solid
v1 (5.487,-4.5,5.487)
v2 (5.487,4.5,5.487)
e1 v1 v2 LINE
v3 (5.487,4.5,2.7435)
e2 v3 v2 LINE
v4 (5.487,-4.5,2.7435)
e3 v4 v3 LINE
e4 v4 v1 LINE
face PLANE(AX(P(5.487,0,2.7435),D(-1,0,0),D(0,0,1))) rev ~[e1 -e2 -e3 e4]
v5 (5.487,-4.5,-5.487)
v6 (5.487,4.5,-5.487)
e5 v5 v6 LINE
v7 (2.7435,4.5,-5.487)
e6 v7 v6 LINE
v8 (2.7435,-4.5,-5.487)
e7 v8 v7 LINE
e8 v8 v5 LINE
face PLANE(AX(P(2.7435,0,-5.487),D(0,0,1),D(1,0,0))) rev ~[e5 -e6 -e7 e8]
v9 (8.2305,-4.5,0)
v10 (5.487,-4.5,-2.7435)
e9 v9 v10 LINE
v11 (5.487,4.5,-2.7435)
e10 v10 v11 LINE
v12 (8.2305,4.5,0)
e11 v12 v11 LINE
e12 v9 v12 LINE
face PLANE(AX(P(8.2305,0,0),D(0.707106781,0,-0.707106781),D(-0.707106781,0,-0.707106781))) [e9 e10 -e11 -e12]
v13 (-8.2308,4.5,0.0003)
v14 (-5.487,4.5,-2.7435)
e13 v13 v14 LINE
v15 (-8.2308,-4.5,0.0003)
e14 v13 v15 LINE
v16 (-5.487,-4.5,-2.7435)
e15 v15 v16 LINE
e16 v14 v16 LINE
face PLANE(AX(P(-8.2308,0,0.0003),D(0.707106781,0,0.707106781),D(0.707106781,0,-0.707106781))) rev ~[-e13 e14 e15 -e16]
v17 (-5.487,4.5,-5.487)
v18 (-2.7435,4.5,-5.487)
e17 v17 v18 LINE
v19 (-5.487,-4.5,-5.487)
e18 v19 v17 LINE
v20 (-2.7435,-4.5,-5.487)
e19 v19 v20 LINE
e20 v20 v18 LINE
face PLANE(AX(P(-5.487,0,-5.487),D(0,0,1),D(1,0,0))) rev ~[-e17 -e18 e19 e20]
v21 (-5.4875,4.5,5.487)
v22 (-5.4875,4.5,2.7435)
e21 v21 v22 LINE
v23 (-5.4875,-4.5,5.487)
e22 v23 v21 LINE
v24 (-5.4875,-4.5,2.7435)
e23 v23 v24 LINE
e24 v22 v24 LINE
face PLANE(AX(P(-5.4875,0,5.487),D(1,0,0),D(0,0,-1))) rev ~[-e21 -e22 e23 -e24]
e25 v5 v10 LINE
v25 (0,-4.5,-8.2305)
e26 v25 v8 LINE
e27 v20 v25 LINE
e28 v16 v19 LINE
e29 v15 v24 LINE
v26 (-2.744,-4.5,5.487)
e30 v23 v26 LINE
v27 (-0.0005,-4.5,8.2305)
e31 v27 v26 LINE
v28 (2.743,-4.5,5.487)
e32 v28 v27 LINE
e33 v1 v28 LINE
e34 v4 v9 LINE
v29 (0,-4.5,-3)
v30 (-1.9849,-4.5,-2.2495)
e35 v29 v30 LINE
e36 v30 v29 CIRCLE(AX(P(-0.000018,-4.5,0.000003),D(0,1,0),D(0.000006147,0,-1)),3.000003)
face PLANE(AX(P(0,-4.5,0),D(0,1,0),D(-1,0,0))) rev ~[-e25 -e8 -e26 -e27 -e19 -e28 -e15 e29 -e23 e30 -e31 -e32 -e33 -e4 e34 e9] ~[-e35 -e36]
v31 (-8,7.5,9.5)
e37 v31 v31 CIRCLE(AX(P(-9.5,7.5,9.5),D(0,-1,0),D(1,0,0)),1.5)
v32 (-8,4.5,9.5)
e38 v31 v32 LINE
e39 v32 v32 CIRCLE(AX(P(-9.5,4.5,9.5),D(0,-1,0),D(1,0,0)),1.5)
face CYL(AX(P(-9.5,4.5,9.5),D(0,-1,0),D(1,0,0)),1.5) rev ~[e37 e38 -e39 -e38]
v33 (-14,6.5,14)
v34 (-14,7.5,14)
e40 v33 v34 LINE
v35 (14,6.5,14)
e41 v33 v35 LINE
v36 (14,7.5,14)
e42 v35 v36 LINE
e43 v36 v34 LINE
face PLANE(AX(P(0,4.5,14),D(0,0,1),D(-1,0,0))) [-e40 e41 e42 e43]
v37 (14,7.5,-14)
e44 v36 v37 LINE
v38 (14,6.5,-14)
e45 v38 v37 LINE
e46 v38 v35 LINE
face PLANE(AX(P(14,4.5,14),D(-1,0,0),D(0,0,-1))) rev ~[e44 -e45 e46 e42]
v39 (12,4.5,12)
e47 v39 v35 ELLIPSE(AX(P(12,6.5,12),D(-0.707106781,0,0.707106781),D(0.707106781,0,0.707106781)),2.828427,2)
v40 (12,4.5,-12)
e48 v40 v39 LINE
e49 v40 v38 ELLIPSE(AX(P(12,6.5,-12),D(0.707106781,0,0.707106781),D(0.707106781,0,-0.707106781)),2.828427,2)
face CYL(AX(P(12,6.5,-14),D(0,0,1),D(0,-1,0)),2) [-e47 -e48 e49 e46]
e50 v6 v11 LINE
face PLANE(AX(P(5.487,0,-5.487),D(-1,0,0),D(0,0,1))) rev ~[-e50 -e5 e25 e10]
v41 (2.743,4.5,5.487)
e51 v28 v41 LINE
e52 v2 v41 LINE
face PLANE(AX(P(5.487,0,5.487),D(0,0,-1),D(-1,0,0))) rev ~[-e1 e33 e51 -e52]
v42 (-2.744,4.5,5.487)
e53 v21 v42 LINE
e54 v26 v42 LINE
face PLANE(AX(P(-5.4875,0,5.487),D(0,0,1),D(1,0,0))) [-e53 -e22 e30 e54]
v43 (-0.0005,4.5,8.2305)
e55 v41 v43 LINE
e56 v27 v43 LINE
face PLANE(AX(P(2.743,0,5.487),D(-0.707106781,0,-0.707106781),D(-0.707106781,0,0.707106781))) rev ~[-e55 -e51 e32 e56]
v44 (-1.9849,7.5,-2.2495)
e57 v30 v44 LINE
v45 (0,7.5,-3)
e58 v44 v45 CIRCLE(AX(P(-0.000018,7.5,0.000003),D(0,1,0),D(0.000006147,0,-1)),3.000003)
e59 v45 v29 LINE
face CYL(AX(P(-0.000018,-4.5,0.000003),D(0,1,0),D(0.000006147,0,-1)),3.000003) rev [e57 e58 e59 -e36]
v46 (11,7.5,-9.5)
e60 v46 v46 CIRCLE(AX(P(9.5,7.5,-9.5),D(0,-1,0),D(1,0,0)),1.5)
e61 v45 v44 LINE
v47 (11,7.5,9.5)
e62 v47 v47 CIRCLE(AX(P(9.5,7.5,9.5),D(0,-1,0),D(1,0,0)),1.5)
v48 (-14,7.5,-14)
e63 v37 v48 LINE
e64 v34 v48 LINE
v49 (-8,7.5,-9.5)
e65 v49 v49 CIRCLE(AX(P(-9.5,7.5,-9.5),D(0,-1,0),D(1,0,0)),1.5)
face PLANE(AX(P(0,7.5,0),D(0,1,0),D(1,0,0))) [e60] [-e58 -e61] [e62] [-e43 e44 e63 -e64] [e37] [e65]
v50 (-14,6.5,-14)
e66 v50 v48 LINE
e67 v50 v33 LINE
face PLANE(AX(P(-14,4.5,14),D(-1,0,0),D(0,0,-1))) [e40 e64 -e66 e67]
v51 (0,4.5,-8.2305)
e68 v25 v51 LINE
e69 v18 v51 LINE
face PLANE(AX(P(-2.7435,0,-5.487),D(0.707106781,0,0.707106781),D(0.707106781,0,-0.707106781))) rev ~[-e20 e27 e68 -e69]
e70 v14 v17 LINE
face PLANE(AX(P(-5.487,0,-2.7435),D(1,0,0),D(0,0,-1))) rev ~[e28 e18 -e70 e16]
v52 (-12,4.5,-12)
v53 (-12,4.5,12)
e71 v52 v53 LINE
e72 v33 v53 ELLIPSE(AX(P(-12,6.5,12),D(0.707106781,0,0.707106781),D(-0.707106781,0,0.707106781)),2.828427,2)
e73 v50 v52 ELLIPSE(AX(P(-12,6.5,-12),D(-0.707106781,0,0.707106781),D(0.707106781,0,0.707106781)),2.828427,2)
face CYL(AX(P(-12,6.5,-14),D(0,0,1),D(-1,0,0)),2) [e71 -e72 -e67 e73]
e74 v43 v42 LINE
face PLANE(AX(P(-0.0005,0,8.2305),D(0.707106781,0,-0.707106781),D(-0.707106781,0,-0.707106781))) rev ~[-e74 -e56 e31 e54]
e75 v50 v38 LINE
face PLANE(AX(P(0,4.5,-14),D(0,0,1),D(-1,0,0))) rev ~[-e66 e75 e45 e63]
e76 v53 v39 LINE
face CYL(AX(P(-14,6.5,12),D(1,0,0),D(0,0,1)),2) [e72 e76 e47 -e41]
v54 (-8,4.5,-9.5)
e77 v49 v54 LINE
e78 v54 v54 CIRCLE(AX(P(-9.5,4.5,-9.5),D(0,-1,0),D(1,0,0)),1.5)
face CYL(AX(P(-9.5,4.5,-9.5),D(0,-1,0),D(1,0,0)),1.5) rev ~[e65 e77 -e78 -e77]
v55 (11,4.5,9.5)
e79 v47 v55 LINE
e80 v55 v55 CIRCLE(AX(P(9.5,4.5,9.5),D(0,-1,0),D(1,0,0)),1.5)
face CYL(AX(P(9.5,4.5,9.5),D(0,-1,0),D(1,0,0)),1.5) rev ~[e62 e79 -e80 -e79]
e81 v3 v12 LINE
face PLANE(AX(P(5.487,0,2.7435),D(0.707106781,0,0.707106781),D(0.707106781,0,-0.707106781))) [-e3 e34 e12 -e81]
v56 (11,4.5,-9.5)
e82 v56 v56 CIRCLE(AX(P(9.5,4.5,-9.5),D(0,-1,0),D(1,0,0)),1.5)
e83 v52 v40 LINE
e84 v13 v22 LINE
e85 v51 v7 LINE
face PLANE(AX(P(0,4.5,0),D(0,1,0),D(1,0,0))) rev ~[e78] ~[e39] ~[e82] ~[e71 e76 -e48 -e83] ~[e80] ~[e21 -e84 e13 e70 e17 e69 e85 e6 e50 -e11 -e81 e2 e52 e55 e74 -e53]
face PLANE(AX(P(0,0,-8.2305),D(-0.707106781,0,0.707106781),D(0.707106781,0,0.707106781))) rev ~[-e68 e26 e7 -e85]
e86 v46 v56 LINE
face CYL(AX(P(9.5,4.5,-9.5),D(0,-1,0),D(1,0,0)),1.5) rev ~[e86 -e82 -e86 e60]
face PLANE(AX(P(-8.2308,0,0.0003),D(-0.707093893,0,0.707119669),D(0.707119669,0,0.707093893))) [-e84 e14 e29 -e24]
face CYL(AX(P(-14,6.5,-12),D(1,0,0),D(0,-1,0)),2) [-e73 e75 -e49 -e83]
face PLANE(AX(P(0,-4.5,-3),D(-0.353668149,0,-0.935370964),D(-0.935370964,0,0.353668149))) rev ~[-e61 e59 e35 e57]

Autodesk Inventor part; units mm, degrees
ref_plane "YZ Plane" through (0, 0, 0) normal (1, 0, 0) x (0, 1, 0)
ref_plane "XZ Plane" through (0, 0, 0) normal (0, 1, 0) x (-1, 0, 0)
ref_plane "XY Plane" through (0, 0, 0) normal (0, 0, 1) x (1, 0, 0)
sketch "Boceto1" plane through (0, 0, 0) normal (0, 1, 0) x (-1, 0, 0)
  line L0 (5.4875, 5.487) -> (5.4875, 2.7435)
  line L1 (-5.487, 5.487) -> (-2.743, 5.487)
  line L2 (5.4875, 5.487) -> (2.744, 5.487)
  line L3 (-5.487, -5.487) -> (-5.487, -2.7435)
  line L4 (8.2308, 0.0003) -> (5.4875, 2.7435)
  line L5 (8.2308, 0.0003) -> (5.487, -2.7435)
  line L6 (0, -8.2305) -> (-2.7435, -5.487)
  line L7 (-8.2305, 0) -> (-5.487, -2.7435)
  line L8 (-5.487, 2.7435) -> (-8.2305, 0)
  line L9 (-2.743, 5.487) -> (0.0005, 8.2305)
  line L10 (0.0005, 8.2305) -> (2.744, 5.487)
  line L11 (2.7435, -5.487) -> (0, -8.2305)
  line L12 (5.487, -5.487) -> (2.7435, -5.487)
  line L13 (-2.7435, -5.487) -> (-5.487, -5.487)
  line L14 (5.4875, 5.487) -> (5.4875, 2.7435)
  line L15 (5.487, -2.7435) -> (5.487, -5.487)
  line L16 (-5.487, 5.487) -> (-2.743, 5.487)
  line L17 (2.744, 5.487) -> (5.4875, 5.487)
  line L18 (-5.487, -5.487) -> (-5.487, -2.7435)
  line L19 (-5.487, 2.7435) -> (-5.487, 5.487)
  arc A0 (1.8459, -2.0921) -> (0, -2.79) centre (0, 0) ccw
  line L20 (0, -2.79) -> (1.8459, -2.0921)
  dimension "d11" = 2.744
extrude "Extrusión1" add sketch "Boceto1" along normal mid plane 9 contours L0 L4 L5 L15 L12 L11 L6 L13 L3 L7 L8 L19 L1 L9 L10 L2 | L20 A0
sketch "Boceto2" plane through (0, 4.5, 0) normal (0, 1, 0) x (1, 0, 0)
  line L0 (0, -14) -> (-14, -14)
  line L1 (-14, -14) -> (-14, 0)
  line L2 (0, 14) -> (-14, 14)
  line L3 (-14, 14) -> (-14, 0)
  line L4 (0, -14) -> (14, -14)
  line L5 (14, -14) -> (14, 0)
  line L6 (0, 14) -> (14, 14)
  line L7 (14, 14) -> (14, 0)
  line L8 (-14, -14) -> (-14, -9.5)
  circle A0 centre (-9.5, -9.5) radius 1.5
  circle A1 centre (9.5, -9.5) radius 1.5
  circle A2 centre (9.5, 9.5) radius 1.5
  circle A3 centre (-9.5, 9.5) radius 1.5
  point P0 (0, 0)
  dimension "d26" = 4.5
  dimension "d28" = 3
  dimension "d31" = 360
extrude "Extrusión2" add sketch "Boceto2" along normal blind 3 contours L0 L1 L3 L2 L6 L7 L5 L4 | A0 | A1 | A2 | A3
sketch "Boceto5" plane through (0, -4.5, 0) normal (0, -1, 0) x (1, 0, 0)
  arc A0 (0, -3) -> (-1.9849, -2.2495) centre (0, 0) ccw
  line L0 (0, -3) -> (-1.9849, -2.2495)
  dimension "d48" = 6
extrude "Extrusión5" cut sketch "Boceto5" along normal mid plane 100
fillet "Empalme1" radius 2 4 edges at (-14, 4.5, 0) (0, 4.5, -14) (14, 4.5, 0) (0, 4.5, 14)
sketch "Boceto7" plane through (0, 4.5, 0) normal (0, -1, 0) x (1, 0, 0)
  circle A0 centre (-9.5, 9.5) radius 1.5
  circle A1 centre (-9.5, -9.5) radius 1.5
  circle A2 centre (9.5, -9.5) radius 1.5
  circle A3 centre (9.5, 9.5) radius 1.5
  point P0 (0, 0)
  dimension "d75" = 3
  dimension "d78" = 360
extrude "Extrusión7" cut sketch "Boceto7" against normal mid plane 190
properties part number "Acople Motor 1"
